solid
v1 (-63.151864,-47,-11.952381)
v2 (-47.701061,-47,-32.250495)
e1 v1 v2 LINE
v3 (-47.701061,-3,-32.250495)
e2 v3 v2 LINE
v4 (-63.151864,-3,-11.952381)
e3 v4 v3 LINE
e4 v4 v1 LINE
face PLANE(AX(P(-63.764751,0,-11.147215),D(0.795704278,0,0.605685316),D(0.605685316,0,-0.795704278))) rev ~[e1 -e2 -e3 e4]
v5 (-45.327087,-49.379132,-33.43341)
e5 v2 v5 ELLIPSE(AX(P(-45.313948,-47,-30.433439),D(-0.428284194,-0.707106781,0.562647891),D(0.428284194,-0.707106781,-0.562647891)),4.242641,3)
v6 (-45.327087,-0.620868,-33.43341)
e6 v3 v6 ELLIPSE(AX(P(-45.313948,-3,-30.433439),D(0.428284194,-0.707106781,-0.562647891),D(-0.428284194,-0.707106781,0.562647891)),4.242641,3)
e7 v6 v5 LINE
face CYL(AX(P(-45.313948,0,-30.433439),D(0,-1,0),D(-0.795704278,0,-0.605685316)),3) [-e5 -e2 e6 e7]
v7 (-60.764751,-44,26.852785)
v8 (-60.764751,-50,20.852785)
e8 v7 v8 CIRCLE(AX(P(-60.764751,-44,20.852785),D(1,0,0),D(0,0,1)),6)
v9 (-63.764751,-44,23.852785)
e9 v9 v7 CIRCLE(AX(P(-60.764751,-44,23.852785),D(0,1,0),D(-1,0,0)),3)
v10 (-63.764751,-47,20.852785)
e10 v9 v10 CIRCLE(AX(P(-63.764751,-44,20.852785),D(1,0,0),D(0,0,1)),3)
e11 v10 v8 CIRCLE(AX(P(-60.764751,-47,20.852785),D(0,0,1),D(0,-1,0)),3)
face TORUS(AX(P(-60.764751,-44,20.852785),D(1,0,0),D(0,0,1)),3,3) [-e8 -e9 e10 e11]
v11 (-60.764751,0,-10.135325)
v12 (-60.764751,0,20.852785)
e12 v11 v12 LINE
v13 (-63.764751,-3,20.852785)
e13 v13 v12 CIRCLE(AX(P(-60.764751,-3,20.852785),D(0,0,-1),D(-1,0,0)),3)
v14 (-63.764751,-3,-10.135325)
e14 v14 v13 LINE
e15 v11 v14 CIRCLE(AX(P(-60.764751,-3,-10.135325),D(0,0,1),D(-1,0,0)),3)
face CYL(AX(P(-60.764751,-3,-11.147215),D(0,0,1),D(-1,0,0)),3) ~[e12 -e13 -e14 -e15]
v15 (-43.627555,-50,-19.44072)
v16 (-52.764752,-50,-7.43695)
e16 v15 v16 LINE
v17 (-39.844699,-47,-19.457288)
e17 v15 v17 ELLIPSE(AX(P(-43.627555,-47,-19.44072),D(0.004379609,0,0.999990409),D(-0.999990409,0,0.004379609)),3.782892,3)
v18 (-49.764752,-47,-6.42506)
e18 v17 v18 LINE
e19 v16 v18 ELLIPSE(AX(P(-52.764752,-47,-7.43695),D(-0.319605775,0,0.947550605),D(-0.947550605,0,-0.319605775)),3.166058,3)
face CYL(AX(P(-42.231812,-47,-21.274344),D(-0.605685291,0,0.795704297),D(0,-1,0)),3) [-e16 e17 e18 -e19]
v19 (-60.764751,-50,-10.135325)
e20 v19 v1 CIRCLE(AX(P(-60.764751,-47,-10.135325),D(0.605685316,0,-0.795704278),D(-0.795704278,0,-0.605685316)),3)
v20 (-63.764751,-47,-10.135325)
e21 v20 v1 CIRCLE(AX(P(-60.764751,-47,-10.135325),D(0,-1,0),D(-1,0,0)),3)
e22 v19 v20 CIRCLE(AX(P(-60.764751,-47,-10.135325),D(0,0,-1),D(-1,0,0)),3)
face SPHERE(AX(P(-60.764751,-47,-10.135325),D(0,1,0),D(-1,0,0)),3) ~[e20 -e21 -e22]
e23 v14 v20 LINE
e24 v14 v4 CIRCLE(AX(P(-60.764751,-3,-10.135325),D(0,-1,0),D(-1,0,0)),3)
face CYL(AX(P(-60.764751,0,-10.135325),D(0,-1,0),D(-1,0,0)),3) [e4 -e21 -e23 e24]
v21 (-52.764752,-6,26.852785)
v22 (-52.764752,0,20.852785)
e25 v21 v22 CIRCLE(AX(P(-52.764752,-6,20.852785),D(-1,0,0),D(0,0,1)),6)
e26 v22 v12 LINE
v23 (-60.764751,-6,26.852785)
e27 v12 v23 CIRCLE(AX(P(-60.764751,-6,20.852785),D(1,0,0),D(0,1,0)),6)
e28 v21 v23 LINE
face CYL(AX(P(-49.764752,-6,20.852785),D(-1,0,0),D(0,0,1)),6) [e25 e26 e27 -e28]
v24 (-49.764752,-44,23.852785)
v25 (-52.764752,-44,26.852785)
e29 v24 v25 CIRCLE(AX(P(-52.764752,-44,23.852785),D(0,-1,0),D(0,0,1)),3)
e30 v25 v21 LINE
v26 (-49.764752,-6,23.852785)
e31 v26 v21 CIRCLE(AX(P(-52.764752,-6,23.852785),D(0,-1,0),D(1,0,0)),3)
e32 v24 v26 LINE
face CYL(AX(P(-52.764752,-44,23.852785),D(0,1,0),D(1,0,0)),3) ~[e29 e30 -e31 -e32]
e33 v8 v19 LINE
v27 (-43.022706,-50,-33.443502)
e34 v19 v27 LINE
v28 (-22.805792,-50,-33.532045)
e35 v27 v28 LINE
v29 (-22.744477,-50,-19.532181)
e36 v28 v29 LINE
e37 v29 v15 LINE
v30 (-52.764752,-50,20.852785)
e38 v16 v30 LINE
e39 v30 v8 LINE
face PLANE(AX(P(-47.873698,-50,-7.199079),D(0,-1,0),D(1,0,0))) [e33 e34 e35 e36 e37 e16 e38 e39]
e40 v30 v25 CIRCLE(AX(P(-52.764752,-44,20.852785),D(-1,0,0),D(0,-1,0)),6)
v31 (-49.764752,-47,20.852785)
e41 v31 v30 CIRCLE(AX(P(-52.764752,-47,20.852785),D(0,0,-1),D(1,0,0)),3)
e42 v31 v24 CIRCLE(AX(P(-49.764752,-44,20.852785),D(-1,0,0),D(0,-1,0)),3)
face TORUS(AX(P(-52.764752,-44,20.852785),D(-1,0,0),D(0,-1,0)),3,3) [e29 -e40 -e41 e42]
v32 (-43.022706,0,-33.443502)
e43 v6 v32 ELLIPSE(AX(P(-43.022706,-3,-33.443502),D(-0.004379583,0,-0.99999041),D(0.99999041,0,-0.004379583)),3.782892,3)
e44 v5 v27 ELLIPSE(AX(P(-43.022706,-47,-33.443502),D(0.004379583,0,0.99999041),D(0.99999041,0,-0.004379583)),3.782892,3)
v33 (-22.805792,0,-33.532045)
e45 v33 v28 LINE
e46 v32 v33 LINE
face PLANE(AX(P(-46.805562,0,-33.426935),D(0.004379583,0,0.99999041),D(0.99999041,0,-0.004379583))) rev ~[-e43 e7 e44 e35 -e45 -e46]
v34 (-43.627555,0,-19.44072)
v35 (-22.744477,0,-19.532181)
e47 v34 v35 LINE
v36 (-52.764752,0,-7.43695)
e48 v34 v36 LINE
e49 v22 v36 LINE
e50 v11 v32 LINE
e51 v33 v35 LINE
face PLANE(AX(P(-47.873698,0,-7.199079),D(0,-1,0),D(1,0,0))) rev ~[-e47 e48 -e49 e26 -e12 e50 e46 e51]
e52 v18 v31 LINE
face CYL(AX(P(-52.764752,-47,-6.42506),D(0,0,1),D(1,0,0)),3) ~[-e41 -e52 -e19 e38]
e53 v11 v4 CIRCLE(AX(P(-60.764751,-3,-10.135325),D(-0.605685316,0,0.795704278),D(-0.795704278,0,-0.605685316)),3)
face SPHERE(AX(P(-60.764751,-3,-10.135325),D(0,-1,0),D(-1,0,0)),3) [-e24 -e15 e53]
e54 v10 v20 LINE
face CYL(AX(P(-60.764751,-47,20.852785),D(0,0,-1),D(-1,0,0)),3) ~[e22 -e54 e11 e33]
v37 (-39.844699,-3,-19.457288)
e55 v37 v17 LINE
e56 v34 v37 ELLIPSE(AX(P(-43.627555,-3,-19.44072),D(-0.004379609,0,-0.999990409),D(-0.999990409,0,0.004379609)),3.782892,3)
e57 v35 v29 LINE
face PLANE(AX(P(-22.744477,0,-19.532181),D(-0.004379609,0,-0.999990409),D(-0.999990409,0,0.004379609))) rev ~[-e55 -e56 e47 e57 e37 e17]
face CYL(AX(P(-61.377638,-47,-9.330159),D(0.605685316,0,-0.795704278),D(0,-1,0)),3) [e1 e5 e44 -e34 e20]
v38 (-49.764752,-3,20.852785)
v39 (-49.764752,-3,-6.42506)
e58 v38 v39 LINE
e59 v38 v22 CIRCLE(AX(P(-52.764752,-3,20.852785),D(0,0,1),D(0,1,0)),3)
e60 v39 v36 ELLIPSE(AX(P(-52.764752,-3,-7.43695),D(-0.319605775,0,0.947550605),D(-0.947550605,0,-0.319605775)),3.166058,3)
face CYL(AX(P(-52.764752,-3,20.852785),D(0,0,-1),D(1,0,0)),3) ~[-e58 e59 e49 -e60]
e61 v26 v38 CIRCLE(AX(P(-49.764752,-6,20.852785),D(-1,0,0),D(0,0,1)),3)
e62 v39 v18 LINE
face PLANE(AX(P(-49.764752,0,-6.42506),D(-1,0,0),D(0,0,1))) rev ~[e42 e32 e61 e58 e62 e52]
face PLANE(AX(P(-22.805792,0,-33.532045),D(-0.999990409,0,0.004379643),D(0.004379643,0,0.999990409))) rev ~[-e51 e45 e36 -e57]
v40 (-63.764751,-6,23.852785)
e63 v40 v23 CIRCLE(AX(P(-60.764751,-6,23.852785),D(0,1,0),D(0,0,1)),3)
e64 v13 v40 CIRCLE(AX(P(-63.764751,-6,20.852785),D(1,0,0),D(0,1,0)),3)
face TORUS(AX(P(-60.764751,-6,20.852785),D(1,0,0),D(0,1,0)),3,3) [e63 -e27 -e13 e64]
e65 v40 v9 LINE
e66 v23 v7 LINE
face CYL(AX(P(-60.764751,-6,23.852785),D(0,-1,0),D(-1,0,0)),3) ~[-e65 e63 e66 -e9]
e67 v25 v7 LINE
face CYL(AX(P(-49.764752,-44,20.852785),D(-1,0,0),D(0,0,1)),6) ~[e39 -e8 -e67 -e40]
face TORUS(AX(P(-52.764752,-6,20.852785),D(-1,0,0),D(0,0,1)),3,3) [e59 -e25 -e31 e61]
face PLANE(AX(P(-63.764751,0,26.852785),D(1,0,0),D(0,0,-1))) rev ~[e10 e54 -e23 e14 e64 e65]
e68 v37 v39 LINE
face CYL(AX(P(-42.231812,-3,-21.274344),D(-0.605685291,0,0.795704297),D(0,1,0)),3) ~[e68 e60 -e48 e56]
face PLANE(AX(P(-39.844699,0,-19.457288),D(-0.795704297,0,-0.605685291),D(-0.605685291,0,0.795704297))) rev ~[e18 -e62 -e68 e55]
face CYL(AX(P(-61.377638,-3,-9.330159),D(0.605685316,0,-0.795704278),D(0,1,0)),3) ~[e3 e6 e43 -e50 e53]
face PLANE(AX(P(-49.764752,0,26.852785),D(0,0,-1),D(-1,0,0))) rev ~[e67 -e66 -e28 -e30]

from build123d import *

# Parameters (mm, degrees)
F1_DEPTH = 50
F2_R     = 6
F3_R     = 3


with BuildPart() as f1:
    # F0 (on Front) → F1 (new body)
    with BuildSketch(Plane.XZ):
        Polygon((-49.764752, 26.852785), (-63.764751, 26.852785), (-63.764751, -11.147215), (-46.805562, -33.426935), (-22.805792, -33.532045), (-22.744477, -19.532181), (-39.844699, -19.457288), (-49.764752, -6.42506), align=None)
    extrude(amount=F1_DEPTH)

    # F2
    f2_edges = [f1.edges().sort_by_distance(p)[0] for p in [
        (-56.764752, -50, 26.852785),
        (-56.764752, 0, 26.852785),
    ]]
    fillet(f2_edges, radius=F2_R)

    # F3
    f3_edges = [f1.edges().sort_by_distance(p)[0] for p in [
        (-63.764751, -25, -11.147215),
        (-63.764751, -50, 4.852785),
        (-55.285157, -50, -22.287075),
        (-44.804725, -50, -12.941174),
        (-49.764752, -50, 7.213862),
        (-46.805562, -25, -33.426935),
        (-55.285157, 0, -22.287075),
        (-44.804725, 0, -12.941174),
    ]]
    fillet(f3_edges, radius=F3_R)


solid = f1.part
